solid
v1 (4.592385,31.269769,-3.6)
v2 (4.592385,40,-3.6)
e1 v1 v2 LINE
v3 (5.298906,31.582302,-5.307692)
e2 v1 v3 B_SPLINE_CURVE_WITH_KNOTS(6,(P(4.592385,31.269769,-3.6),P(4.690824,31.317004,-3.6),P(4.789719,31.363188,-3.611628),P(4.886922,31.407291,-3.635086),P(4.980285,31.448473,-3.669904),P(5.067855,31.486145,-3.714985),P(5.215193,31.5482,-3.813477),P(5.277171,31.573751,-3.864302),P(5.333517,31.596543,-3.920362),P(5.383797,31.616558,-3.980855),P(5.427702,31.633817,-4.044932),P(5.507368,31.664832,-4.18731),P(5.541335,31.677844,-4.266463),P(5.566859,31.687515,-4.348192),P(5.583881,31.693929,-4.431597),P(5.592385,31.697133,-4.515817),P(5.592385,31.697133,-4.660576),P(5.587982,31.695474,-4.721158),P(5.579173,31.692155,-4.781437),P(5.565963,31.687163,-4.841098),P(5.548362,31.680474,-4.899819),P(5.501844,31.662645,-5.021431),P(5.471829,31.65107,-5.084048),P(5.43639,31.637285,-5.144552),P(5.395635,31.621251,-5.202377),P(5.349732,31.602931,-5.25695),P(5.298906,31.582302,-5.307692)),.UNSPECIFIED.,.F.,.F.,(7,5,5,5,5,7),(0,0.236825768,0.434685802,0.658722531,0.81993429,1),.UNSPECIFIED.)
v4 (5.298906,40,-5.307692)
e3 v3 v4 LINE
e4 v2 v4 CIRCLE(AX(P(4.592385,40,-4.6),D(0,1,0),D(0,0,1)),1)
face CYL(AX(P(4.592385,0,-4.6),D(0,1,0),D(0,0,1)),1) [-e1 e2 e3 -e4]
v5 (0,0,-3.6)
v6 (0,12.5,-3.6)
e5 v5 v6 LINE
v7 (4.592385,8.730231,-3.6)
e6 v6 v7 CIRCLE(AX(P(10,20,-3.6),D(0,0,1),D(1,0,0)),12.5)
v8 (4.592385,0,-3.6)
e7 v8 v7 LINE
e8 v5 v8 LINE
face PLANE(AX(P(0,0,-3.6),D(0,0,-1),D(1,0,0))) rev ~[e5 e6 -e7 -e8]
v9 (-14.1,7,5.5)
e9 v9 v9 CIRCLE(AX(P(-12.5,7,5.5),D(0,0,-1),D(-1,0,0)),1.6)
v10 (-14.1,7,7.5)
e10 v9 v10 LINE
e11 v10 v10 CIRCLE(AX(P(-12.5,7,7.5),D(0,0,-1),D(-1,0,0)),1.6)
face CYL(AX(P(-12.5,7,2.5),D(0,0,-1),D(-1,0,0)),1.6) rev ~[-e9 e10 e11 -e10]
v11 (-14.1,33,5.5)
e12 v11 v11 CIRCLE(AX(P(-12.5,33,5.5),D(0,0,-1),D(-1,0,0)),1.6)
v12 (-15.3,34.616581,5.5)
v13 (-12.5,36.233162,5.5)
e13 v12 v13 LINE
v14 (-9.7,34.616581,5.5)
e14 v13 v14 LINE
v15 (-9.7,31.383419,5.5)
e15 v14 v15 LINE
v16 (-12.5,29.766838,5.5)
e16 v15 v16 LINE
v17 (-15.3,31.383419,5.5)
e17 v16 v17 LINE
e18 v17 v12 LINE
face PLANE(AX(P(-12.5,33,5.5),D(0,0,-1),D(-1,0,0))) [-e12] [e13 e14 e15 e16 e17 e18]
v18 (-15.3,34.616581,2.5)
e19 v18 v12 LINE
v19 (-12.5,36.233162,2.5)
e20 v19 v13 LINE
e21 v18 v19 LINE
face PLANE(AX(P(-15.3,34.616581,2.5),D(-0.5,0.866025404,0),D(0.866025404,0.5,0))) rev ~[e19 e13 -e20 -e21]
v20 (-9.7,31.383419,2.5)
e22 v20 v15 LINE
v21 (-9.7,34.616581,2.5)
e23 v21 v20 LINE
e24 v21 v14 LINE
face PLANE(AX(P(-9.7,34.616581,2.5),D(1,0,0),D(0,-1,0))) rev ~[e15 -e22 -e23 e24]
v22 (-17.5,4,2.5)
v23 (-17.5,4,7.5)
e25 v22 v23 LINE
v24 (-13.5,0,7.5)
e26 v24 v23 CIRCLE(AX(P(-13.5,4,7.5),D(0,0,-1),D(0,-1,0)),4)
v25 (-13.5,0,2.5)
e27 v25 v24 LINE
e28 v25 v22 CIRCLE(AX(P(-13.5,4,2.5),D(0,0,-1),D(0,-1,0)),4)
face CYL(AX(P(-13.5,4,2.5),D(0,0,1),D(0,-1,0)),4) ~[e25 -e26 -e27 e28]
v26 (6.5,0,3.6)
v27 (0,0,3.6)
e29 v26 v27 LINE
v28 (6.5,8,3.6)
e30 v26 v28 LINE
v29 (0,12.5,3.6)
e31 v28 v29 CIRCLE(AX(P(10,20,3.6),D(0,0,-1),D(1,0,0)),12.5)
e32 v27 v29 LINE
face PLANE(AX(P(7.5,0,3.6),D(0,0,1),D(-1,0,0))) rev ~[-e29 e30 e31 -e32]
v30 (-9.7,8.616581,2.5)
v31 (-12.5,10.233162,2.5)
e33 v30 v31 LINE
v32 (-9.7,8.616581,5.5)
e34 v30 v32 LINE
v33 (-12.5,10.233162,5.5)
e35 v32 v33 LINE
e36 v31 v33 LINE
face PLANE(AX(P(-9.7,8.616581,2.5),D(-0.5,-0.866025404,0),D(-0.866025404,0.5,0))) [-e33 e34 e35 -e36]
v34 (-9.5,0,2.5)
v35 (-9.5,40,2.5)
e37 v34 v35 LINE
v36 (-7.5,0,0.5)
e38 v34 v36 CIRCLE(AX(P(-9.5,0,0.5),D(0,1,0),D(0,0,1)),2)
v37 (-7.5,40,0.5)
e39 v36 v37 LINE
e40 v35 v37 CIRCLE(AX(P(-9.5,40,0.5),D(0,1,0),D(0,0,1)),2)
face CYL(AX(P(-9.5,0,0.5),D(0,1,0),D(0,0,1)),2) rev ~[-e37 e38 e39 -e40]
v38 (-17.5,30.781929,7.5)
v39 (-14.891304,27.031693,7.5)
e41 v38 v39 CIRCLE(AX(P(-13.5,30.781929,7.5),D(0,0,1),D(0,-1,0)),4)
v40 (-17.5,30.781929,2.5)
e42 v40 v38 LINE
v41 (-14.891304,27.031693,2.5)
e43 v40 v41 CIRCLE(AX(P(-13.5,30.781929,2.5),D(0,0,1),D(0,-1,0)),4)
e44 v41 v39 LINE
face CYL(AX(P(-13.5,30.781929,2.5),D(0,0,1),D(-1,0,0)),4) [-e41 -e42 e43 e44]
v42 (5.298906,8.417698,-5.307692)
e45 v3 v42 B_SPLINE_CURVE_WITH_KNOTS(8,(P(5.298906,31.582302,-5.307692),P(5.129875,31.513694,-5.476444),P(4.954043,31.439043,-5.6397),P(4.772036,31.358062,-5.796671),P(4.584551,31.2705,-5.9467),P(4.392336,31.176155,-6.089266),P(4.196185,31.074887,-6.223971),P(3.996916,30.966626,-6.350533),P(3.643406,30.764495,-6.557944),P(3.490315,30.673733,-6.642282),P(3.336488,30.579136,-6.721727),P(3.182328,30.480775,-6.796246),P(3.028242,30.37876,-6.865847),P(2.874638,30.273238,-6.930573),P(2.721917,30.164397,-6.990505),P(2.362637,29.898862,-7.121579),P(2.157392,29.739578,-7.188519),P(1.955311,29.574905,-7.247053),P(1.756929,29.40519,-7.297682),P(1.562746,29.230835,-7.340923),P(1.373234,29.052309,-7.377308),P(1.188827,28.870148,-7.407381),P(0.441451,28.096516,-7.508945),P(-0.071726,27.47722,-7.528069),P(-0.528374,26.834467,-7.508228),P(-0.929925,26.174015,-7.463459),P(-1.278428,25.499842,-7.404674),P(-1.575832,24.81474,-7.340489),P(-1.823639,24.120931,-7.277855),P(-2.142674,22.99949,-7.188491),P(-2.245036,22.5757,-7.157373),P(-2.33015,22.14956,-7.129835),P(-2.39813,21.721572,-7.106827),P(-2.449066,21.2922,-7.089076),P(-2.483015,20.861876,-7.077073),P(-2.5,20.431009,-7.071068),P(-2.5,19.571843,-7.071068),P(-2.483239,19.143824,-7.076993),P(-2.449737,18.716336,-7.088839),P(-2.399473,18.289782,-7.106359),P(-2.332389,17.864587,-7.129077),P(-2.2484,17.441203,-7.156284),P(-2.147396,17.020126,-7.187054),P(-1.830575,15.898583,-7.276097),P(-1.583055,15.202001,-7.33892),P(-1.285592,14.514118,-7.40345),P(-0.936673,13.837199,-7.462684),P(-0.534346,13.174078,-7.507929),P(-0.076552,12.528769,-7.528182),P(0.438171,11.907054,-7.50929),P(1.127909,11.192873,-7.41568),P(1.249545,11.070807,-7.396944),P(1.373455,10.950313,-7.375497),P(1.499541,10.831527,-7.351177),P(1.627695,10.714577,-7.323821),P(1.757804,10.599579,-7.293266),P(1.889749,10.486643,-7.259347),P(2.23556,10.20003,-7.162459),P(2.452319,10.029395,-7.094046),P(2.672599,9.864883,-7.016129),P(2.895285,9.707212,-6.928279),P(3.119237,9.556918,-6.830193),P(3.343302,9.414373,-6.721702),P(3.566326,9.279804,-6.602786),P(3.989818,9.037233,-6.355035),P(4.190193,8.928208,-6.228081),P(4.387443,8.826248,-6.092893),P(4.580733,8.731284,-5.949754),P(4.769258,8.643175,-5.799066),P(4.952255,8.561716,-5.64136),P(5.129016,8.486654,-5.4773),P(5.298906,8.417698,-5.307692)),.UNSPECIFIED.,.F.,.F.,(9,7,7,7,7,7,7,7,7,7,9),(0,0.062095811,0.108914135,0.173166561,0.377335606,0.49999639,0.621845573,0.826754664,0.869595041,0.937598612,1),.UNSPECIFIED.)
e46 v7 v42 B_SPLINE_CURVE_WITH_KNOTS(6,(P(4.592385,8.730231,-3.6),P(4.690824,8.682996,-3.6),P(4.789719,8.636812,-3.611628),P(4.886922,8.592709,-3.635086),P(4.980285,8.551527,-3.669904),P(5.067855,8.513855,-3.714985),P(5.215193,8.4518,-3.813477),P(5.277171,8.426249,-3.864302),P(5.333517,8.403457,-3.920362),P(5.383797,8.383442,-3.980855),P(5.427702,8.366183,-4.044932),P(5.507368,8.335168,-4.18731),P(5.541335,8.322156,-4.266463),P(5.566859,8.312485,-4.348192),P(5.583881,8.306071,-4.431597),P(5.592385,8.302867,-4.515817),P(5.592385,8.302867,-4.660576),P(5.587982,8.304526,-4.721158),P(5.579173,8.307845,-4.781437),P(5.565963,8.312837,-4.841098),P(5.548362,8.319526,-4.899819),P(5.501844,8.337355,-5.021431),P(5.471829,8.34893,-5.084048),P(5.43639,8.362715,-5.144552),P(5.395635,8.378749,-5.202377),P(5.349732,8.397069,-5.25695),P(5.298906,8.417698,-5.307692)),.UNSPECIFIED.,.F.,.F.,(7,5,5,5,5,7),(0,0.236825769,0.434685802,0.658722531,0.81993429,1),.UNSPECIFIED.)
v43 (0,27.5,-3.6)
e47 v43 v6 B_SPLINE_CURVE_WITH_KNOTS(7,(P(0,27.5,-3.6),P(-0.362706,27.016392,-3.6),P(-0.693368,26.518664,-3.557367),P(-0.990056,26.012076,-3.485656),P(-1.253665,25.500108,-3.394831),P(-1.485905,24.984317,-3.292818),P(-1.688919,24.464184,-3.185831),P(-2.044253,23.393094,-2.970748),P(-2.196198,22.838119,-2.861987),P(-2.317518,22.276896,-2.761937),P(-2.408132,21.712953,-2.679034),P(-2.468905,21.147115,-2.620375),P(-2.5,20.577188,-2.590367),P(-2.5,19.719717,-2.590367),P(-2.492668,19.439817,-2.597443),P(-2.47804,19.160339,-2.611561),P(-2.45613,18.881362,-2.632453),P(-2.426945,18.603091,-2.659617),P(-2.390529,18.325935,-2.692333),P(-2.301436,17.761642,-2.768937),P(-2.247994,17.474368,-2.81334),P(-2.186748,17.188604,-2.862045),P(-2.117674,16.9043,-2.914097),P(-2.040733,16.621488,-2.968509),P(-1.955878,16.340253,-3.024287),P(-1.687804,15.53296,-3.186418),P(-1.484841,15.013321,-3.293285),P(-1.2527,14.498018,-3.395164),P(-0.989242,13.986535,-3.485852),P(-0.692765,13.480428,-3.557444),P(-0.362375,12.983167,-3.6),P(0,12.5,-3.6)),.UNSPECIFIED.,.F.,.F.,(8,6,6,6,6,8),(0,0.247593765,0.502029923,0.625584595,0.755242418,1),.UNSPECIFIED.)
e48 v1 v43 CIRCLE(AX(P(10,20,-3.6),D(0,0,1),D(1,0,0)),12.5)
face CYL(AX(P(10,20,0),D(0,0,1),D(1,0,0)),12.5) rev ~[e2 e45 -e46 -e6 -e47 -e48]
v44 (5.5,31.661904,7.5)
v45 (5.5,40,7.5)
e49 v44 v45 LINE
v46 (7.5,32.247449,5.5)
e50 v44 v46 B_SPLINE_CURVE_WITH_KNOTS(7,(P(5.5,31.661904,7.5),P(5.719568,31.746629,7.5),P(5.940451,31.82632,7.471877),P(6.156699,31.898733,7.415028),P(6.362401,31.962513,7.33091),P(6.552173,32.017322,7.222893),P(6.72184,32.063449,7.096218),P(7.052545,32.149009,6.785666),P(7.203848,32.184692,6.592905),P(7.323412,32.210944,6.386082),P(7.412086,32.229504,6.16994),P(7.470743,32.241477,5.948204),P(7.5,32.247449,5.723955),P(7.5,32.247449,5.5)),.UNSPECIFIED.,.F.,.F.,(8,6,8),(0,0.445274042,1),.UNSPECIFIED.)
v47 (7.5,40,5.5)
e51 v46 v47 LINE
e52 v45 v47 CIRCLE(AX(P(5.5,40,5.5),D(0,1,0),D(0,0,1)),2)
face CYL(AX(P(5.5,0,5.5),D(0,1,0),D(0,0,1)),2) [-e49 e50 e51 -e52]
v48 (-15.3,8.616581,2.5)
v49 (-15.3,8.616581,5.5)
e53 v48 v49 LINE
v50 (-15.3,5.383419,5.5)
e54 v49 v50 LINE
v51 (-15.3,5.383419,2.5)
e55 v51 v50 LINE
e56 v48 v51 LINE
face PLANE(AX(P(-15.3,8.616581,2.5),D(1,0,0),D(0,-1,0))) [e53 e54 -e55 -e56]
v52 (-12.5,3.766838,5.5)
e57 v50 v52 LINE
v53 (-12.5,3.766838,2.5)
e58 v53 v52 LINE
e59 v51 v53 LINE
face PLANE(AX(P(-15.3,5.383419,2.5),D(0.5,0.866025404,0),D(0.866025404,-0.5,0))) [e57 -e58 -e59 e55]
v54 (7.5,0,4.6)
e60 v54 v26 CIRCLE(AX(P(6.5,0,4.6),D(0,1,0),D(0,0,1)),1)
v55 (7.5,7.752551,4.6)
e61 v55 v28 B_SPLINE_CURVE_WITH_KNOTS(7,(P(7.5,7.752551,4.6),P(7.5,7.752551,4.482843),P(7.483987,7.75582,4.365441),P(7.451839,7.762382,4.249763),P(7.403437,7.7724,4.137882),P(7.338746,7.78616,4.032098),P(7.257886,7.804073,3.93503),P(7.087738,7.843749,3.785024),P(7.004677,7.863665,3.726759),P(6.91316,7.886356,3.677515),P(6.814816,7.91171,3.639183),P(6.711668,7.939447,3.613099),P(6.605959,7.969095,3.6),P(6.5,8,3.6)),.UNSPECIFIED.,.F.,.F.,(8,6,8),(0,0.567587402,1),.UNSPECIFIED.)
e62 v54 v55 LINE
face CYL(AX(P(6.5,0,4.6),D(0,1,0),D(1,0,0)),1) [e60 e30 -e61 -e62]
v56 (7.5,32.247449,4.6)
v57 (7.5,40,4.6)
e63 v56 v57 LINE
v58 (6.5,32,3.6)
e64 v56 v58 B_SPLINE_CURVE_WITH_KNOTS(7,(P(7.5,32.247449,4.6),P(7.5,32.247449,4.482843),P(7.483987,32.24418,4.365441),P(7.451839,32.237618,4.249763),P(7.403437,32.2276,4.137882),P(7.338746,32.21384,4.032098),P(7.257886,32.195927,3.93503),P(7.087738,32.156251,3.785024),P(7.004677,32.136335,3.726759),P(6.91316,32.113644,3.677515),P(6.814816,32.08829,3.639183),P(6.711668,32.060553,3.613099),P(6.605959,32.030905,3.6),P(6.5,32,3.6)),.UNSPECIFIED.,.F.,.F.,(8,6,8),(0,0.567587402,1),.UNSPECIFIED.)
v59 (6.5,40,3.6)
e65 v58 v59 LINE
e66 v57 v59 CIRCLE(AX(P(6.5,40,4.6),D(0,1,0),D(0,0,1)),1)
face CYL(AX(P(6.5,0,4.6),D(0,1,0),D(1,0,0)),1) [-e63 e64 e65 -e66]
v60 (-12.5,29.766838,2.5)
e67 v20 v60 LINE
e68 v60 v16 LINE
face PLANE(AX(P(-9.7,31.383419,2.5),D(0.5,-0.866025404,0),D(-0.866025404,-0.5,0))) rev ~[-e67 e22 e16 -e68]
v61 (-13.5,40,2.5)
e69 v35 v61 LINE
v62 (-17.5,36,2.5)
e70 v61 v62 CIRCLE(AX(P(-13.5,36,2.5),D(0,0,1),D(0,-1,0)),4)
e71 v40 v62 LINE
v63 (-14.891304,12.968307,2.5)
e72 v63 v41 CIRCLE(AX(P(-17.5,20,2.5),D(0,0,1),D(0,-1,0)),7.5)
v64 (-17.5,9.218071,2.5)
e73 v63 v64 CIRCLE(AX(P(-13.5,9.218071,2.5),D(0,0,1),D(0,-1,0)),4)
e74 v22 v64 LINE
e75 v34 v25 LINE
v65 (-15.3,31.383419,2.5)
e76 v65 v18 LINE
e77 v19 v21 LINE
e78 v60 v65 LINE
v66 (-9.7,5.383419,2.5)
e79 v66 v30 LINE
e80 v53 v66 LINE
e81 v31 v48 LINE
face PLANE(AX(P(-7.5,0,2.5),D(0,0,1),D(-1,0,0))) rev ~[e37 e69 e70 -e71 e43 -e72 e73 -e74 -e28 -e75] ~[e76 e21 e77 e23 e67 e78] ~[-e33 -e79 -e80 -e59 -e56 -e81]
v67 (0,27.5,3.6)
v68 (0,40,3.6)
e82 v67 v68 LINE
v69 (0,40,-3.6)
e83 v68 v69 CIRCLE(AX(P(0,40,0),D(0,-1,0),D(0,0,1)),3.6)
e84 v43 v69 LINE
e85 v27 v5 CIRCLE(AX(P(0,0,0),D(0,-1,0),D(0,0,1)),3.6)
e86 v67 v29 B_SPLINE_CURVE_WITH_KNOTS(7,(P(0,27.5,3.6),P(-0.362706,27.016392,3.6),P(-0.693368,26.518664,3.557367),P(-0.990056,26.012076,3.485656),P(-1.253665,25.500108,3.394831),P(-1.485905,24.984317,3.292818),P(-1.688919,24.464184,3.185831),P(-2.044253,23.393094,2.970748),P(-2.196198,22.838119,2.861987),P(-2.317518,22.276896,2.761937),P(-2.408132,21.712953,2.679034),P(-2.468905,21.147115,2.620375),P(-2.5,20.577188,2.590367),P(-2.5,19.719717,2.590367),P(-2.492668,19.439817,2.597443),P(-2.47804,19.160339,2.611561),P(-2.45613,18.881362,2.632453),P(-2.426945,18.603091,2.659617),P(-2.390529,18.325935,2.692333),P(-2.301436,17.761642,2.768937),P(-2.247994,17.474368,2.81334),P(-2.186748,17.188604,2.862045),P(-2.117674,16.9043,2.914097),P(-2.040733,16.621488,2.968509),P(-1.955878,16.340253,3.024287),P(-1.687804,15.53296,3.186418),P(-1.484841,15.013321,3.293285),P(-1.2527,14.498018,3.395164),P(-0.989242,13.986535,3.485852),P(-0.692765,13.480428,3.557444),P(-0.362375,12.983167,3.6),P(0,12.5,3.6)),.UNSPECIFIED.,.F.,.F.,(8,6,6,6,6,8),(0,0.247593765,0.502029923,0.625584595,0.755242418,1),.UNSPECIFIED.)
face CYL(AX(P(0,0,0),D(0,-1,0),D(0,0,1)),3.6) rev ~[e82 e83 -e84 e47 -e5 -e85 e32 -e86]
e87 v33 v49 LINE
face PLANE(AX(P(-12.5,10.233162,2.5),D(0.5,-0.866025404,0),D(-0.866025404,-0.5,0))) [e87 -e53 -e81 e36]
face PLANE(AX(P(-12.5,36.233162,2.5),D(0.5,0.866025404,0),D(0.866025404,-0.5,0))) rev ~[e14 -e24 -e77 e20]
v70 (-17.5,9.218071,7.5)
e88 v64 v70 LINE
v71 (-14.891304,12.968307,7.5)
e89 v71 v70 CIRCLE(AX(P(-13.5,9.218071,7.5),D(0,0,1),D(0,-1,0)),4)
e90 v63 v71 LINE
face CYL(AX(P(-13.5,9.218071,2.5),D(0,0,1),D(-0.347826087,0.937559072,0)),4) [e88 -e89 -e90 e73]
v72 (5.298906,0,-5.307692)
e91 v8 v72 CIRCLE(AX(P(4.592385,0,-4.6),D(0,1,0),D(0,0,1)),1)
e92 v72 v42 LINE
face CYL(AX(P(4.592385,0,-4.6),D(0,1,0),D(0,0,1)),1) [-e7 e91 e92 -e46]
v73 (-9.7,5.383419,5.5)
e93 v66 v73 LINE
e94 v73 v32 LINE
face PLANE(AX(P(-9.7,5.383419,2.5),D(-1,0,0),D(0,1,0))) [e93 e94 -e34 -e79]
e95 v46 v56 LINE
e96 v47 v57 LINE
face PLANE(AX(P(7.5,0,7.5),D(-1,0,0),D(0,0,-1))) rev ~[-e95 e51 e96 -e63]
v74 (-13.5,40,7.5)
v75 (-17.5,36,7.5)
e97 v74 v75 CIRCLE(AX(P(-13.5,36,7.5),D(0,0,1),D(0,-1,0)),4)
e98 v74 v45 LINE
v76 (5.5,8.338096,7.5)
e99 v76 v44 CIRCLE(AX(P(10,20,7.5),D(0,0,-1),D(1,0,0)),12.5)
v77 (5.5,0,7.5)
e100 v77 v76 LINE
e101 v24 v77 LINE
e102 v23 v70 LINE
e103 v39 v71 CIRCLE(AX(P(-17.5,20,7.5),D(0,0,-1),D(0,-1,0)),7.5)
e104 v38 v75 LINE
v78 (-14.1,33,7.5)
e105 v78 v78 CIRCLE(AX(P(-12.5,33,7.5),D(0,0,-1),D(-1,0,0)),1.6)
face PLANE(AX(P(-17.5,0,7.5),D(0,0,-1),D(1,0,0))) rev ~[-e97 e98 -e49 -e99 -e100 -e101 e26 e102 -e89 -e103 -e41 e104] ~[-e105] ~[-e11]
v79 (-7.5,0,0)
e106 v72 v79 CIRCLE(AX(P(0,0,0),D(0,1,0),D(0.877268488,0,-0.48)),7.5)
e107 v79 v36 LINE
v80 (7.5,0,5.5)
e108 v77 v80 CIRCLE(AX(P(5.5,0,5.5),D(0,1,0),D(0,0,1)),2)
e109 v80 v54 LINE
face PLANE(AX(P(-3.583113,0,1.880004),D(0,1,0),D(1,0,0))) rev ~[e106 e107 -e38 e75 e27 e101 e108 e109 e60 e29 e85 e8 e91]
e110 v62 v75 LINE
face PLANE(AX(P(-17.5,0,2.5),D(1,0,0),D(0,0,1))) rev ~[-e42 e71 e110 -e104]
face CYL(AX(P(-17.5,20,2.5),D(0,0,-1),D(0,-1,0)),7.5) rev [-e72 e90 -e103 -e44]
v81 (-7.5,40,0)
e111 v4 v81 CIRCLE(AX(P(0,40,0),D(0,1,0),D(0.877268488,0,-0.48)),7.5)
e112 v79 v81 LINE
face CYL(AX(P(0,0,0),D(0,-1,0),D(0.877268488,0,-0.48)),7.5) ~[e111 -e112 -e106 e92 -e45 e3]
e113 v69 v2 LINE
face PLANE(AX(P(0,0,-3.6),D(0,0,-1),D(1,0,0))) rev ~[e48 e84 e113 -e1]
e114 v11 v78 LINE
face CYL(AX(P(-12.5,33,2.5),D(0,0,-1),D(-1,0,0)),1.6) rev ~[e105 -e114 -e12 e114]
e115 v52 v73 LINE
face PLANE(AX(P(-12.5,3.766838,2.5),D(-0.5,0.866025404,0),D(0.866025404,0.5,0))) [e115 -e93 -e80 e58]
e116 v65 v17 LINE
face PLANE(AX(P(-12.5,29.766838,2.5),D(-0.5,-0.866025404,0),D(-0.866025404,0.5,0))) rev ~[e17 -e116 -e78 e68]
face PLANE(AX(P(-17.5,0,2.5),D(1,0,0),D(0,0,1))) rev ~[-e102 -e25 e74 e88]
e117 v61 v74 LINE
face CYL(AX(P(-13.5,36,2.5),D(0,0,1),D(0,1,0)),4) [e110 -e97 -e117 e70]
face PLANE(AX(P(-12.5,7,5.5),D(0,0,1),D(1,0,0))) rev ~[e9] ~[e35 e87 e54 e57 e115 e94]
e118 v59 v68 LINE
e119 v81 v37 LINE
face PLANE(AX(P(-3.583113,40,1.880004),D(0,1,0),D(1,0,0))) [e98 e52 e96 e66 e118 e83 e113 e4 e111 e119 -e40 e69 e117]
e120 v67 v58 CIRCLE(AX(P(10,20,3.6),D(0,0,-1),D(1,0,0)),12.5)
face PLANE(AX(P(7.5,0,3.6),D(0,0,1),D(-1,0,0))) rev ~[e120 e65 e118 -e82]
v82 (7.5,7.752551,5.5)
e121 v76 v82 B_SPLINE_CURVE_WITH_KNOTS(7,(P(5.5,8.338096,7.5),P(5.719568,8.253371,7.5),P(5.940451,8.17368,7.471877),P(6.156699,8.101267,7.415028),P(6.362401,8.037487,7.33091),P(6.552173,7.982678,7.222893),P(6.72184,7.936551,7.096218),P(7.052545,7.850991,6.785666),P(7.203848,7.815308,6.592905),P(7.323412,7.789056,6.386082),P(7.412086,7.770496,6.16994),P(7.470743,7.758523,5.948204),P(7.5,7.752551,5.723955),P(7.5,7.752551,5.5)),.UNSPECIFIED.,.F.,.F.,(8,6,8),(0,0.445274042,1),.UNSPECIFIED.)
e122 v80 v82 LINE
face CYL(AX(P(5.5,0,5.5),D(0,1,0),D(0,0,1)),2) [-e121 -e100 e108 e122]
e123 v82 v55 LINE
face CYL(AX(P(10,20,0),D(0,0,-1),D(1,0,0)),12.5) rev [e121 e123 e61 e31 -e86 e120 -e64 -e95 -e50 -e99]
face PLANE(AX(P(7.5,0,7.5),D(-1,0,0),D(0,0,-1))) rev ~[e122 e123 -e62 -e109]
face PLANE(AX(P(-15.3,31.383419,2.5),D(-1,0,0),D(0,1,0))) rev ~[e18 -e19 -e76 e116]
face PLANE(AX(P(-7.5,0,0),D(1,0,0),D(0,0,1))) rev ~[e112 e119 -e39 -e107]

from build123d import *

# Parameters (mm, degrees)
SALIENTE_EXTRUIR1_DEPTH    = 40
CROQUIS2_R                 = 1.6
CORTAR_EXTRUIR1_DEPTH      = 6
CORTAR_EXTRUIR2_DEPTH      = 3
CORTAR_EXTRUIR3_DEPTH      = 6
REDONDEO1_R                = 4
REDONDEO2_R                = 2
REDONDEO3_R                = 1
CROQUIS5_R                 = 12.5
CORTAR_EXTRUIR4_DEPTH      = 8.5
CORTAR_EXTRUIR4_DEPTH_BACK = 8.5


with BuildPart() as part:
    # Croquis1 → Saliente-Extruir1 (new body)
    with BuildSketch(Plane(origin=(0, 0, 0), x_dir=(1, 0, 0), z_dir=(0, 1, 0))):
        with BuildLine():
            Line((-17.5, -7.5), (7.5, -7.5))
            Line((7.5, -7.5), (7.5, -3.6))
            Line((7.5, -3.6), (0, -3.6))
            ThreePointArc((0, -3.6), (-3.6, 0), (0, 3.6))
            Line((0, 3.6), (6.57951366, 3.6))
            ThreePointArc((6.57951366, 3.6), (-1.857908441, 7.266235354), (-7.5, 0))
            Line((-7.5, 0), (-7.5, -2.5))
            Line((-7.5, -2.5), (-17.5, -2.5))
            Line((-17.5, -2.5), (-17.5, -7.5))
        make_face()
    extrude(amount=SALIENTE_EXTRUIR1_DEPTH)

    # Croquis2 → Cortar-Extruir1 (cut, through all)
    with BuildSketch(Plane(origin=(0, 0, 2.5), x_dir=(-1, 0, 0), z_dir=(0, 0, -1))):
        with Locations((12.5, 7)):
            Circle(CROQUIS2_R)
        with Locations((12.5, 33)):
            Circle(CROQUIS2_R)
    extrude(amount=-CORTAR_EXTRUIR1_DEPTH, mode=Mode.SUBTRACT)

    # Croquis3 → Cortar-Extruir2 (cut)
    with BuildSketch(Plane(origin=(0, 0, 2.5), x_dir=(-1, 0, 0), z_dir=(0, 0, -1))):
        Polygon((15.3, 31.383419246), (15.3, 34.616580754), (12.5, 36.233161507), (9.7, 34.616580754), (9.7, 31.383419246), (12.5, 29.766838493), align=None)
        Polygon((12.5, 10.233161507), (15.3, 8.616580754), (15.3, 5.383419246), (12.5, 3.766838493), (9.7, 5.383419246), (9.7, 8.616580754), align=None)
    extrude(amount=-CORTAR_EXTRUIR2_DEPTH, mode=Mode.SUBTRACT)

    # Croquis4 → Cortar-Extruir3 (cut, through all)
    with BuildSketch(Plane(origin=(0, 0, 2.5), x_dir=(-1, 0, 0), z_dir=(0, 0, -1))):
        with BuildLine():
            Line((17.5, 27.5), (17.5, 12.5))
            ThreePointArc((17.5, 12.5), (10, 20), (17.5, 27.5))
        make_face()
    extrude(amount=-CORTAR_EXTRUIR3_DEPTH, mode=Mode.SUBTRACT)

    # Redondeo1
    redondeo1_edges = [part.edges().sort_by_distance(p)[0] for p in [
        (-17.5, 40, 5),
        (-17.5, 12.5, 5),
        (-17.5, 27.5, 5),
        (-17.5, 0, 5),
    ]]
    fillet(redondeo1_edges, radius=REDONDEO1_R)

    # Redondeo2
    redondeo2_edges = [part.edges().sort_by_distance(p)[0] for p in [
        (7.5, 20, 7.5),
        (-7.5, 20, 2.5),
    ]]
    fillet(redondeo2_edges, radius=REDONDEO2_R)

    # Redondeo3
    redondeo3_edges = [part.edges().sort_by_distance(p)[0] for p in [
        (7.5, 20, 3.6),
        (6.57951366, 20, -3.6),
    ]]
    fillet(redondeo3_edges, radius=REDONDEO3_R)

    # Croquis5 → Cortar-Extruir4 (cut, two sides)
    with BuildSketch(Plane.XY) as cortar_extruir4_sk:
        with Locations((10, 20)):
            Circle(CROQUIS5_R)
    extrude(amount=CORTAR_EXTRUIR4_DEPTH, mode=Mode.SUBTRACT)
    extrude(cortar_extruir4_sk.sketch, amount=-CORTAR_EXTRUIR4_DEPTH_BACK, mode=Mode.SUBTRACT)


solid = part.part
